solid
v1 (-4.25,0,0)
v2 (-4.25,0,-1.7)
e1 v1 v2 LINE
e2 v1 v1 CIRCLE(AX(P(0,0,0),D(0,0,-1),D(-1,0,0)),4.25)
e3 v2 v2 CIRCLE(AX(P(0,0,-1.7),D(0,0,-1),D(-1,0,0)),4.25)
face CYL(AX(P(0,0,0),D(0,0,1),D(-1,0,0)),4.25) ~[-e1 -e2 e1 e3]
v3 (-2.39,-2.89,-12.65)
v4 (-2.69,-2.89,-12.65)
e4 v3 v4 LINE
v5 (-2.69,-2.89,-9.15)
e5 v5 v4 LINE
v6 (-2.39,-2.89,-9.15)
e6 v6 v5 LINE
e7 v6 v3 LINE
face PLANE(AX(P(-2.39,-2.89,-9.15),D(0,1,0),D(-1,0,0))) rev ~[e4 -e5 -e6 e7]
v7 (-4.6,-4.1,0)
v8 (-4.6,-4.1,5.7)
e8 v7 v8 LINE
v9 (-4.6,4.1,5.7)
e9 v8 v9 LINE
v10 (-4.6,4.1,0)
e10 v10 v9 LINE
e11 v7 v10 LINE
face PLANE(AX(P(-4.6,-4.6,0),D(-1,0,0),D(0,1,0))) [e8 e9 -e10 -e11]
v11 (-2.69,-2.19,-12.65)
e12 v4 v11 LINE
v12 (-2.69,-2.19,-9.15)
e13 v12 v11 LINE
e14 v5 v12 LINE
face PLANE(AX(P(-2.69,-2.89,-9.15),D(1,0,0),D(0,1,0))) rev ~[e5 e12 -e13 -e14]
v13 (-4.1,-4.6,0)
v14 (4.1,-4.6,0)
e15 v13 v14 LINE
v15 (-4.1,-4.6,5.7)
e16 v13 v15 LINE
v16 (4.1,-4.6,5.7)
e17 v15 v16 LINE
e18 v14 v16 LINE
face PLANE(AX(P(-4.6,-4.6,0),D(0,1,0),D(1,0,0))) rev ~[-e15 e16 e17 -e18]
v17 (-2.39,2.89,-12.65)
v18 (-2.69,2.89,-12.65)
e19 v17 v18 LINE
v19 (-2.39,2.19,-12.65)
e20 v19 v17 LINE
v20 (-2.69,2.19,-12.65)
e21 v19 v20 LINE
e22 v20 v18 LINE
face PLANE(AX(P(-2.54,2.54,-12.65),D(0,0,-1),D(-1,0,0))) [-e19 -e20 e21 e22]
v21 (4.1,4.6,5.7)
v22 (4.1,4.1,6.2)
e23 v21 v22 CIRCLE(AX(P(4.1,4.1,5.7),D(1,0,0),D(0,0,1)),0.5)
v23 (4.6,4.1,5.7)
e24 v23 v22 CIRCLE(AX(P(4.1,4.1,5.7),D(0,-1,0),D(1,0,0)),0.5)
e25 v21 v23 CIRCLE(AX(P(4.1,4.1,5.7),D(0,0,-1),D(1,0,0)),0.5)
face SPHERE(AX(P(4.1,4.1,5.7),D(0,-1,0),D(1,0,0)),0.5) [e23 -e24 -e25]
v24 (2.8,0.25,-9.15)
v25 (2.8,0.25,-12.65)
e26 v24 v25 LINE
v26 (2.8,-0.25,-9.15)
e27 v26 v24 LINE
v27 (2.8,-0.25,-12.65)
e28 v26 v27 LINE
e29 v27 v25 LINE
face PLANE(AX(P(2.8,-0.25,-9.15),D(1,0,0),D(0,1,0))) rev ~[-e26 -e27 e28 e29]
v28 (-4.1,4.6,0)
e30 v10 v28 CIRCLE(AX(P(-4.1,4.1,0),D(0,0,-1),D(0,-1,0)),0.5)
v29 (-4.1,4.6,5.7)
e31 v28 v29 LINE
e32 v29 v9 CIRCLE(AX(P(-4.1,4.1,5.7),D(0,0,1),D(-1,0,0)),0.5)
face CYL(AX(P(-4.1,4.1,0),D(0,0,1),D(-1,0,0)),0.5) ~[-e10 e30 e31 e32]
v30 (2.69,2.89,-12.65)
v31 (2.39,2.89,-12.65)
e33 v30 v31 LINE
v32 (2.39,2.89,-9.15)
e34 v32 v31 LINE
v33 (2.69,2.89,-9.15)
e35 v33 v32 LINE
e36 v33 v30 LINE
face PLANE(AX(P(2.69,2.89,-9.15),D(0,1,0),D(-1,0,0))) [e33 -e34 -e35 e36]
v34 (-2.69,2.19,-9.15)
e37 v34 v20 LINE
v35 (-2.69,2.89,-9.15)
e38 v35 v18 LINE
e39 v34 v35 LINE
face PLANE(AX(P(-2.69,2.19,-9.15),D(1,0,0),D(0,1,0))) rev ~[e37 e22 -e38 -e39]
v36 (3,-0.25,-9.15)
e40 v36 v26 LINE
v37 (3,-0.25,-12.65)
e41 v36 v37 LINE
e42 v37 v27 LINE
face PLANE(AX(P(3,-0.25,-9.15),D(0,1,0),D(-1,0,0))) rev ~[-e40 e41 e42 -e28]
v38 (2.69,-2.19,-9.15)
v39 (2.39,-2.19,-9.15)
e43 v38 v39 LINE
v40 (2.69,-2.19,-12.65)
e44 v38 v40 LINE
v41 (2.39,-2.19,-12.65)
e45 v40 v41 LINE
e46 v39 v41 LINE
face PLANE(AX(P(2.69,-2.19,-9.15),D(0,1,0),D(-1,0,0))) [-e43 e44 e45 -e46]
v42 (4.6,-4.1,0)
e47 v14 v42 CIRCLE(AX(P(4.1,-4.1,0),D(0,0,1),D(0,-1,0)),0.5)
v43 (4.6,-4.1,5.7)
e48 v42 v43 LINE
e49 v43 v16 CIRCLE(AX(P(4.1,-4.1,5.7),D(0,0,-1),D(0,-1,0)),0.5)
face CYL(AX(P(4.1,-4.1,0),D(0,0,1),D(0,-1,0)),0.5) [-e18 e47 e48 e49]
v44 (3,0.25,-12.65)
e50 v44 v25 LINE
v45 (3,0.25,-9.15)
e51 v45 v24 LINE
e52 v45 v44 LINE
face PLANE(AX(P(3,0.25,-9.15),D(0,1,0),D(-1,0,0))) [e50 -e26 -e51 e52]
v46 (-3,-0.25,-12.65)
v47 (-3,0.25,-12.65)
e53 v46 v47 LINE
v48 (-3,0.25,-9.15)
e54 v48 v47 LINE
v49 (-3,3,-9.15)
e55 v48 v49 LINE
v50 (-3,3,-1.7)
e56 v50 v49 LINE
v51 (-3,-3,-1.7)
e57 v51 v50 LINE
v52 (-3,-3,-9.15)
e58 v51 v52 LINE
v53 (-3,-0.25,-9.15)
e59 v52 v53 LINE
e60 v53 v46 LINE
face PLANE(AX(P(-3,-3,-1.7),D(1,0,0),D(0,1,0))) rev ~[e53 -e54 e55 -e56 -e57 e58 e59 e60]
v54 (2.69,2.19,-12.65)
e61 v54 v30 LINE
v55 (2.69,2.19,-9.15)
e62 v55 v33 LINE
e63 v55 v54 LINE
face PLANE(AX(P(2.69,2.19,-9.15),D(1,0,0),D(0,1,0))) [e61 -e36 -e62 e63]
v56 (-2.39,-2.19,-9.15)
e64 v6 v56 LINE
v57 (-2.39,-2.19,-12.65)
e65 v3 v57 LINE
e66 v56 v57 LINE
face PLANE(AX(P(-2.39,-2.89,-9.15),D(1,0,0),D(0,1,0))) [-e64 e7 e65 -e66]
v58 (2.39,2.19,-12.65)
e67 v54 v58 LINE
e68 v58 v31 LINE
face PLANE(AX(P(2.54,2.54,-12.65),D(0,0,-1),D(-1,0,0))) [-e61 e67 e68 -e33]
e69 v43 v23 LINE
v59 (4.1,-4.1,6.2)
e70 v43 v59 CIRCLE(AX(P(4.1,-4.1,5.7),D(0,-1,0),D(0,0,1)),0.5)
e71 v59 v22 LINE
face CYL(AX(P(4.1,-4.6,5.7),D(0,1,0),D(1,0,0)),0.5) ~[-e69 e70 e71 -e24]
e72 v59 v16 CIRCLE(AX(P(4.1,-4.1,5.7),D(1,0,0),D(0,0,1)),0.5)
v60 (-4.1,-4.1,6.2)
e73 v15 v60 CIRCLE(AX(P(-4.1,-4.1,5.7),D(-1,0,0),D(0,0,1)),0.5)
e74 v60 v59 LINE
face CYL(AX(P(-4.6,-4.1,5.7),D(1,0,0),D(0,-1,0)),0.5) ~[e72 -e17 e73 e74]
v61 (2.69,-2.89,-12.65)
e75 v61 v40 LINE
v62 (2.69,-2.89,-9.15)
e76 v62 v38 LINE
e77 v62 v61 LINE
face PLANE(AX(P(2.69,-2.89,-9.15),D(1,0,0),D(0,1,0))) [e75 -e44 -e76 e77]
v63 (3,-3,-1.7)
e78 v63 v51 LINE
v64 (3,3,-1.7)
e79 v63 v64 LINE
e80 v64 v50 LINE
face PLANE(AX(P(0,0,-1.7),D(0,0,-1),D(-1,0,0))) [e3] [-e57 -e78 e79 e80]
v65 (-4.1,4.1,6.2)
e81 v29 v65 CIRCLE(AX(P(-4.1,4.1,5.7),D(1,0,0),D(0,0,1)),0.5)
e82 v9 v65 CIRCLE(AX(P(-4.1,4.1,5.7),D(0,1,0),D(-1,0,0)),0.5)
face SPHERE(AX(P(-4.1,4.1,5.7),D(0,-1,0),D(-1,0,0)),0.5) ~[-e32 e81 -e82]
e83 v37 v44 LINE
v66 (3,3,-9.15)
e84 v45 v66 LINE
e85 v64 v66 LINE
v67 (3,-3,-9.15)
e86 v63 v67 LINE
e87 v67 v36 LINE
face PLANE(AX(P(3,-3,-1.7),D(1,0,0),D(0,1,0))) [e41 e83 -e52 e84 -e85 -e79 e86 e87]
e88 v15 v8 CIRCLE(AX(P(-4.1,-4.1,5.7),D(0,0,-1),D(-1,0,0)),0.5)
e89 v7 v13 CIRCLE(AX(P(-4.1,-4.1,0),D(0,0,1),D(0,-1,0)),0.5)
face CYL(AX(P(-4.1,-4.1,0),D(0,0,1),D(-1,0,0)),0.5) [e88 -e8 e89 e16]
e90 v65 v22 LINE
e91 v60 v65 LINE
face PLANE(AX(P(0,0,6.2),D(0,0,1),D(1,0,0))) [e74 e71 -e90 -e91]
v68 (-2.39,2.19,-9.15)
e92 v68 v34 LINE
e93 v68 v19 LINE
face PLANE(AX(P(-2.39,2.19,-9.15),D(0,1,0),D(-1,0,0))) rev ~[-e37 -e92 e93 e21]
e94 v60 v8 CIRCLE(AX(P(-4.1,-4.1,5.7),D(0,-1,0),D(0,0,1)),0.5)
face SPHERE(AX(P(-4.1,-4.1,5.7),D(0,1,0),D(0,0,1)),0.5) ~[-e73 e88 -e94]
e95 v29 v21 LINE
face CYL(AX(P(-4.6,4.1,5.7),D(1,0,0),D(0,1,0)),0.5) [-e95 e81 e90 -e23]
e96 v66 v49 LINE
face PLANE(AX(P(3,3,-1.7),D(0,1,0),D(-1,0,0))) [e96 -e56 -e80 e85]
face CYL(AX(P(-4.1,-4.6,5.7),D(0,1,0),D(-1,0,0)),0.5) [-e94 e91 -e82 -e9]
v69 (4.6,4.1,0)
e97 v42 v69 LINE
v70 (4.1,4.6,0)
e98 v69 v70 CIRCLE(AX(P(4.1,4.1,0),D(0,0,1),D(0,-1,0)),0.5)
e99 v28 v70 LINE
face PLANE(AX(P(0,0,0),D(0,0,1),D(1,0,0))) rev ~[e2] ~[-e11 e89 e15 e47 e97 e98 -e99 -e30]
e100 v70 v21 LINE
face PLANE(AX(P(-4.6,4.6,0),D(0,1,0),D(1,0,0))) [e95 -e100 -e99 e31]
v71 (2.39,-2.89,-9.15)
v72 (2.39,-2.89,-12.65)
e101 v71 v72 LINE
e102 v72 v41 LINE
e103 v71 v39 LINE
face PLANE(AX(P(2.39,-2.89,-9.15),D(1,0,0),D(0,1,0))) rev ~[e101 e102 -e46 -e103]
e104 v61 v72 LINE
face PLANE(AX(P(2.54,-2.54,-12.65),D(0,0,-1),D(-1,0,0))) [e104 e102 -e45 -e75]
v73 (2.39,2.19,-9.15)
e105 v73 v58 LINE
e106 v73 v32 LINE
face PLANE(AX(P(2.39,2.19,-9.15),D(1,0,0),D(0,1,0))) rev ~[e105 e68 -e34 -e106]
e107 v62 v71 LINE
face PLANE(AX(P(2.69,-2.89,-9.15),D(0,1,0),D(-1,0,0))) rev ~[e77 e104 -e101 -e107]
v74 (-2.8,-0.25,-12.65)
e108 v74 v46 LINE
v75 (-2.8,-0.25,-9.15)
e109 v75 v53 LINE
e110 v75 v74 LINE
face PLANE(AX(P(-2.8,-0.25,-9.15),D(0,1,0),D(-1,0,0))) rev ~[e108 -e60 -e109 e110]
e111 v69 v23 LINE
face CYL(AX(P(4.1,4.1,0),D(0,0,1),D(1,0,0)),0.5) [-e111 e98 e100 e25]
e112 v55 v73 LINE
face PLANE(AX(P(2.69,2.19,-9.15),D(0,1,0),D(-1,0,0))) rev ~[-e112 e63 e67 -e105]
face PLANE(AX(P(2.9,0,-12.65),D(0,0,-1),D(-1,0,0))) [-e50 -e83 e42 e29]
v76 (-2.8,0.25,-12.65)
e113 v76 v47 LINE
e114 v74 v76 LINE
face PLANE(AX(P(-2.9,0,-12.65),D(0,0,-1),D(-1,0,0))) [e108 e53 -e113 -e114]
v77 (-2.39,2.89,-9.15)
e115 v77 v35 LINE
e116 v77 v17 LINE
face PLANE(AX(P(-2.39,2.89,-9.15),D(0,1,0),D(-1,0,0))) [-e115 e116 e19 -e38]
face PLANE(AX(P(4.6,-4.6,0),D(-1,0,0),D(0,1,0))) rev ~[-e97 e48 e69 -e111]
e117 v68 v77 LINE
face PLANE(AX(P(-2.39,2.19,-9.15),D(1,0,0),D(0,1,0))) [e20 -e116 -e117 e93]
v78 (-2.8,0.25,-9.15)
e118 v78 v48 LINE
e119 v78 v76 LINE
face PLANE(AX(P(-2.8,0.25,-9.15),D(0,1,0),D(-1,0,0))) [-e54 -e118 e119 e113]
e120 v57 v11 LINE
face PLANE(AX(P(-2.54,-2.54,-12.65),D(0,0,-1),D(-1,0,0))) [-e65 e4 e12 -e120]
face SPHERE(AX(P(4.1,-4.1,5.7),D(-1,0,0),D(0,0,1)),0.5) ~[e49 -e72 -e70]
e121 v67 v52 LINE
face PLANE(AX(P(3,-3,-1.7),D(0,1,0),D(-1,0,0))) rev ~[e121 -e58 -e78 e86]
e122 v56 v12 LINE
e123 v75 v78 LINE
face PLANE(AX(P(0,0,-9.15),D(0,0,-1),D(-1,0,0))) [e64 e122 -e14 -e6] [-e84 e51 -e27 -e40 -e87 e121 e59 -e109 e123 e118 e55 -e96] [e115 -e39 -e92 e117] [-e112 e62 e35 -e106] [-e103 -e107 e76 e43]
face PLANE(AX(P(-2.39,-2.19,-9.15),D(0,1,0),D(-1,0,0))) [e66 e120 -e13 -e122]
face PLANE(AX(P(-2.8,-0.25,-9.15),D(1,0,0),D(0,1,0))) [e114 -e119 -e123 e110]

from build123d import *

# Parameters (mm, degrees)
SKETCH_1_W      = 9.2
SKETCH_1_H      = 9.2
EXTRUDE_1_DEPTH = 6.2
FILLET_1_R      = 0.5
SKETCH_2_R      = 4.25
EXTRUDE_2_DEPTH = 1.7
SKETCH_3_W      = 6
SKETCH_3_H      = 6
EXTRUDE_3_DEPTH = 7.45
SKETCH_4_W      = 0.3
SKETCH_4_H      = 0.7
SKETCH_4_W_2    = 0.2
SKETCH_4_H_2    = 0.5
EXTRUDE_4_DEPTH = 3.5


with BuildPart() as part:
    # Эскиз1 → Бобышка-Вытянуть1 (new body)
    with BuildSketch(Plane.XY):
        Rectangle(SKETCH_1_W, SKETCH_1_H)
    extrude(amount=EXTRUDE_1_DEPTH)

    # Скругление1
    fillet_1_edges = [part.edges().sort_by_distance(p)[0] for p in [
        (-4.6, 0, 6.2),
        (0, -4.6, 6.2),
        (4.6, 0, 6.2),
        (4.6, -4.6, 3.1),
        (-4.6, -4.6, 3.1),
        (-4.6, 4.6, 3.1),
        (4.6, 4.6, 3.1),
        (0, 4.6, 6.2),
    ]]
    fillet(fillet_1_edges, radius=FILLET_1_R)

    # Эскиз2 → Бобышка-Вытянуть2 (add)
    with BuildSketch(Plane(origin=(0, 0, 0), x_dir=(-1, 0, 0), z_dir=(0, 0, -1))):
        Circle(SKETCH_2_R)
    extrude(amount=EXTRUDE_2_DEPTH)

    # Эскиз3 → Бобышка-Вытянуть3 (add)
    with BuildSketch(Plane(origin=(0, 0, -1.7), x_dir=(-1, 0, 0), z_dir=(0, 0, -1))):
        Rectangle(SKETCH_3_W, SKETCH_3_H)
    extrude(amount=EXTRUDE_3_DEPTH)

    # Эскиз4 → Бобышка-Вытянуть4 (add)
    with BuildSketch(Plane(origin=(0, 0, -9.15), x_dir=(-1, 0, 0), z_dir=(0, 0, -1))):
        with Locations((-2.54, 2.54)):
            Rectangle(SKETCH_4_W, SKETCH_4_H)
        with Locations((2.54, 2.54)):
            Rectangle(SKETCH_4_W, SKETCH_4_H)
        with Locations((2.54, -2.54)):
            Rectangle(SKETCH_4_W, SKETCH_4_H)
        with Locations((-2.54, -2.54)):
            Rectangle(SKETCH_4_W, SKETCH_4_H)
        with Locations((2.9, 0)):
            Rectangle(SKETCH_4_W_2, SKETCH_4_H_2)
        with Locations((-2.9, 0)):
            Rectangle(SKETCH_4_W_2, SKETCH_4_H_2)
    extrude(amount=EXTRUDE_4_DEPTH)


solid = part.part
